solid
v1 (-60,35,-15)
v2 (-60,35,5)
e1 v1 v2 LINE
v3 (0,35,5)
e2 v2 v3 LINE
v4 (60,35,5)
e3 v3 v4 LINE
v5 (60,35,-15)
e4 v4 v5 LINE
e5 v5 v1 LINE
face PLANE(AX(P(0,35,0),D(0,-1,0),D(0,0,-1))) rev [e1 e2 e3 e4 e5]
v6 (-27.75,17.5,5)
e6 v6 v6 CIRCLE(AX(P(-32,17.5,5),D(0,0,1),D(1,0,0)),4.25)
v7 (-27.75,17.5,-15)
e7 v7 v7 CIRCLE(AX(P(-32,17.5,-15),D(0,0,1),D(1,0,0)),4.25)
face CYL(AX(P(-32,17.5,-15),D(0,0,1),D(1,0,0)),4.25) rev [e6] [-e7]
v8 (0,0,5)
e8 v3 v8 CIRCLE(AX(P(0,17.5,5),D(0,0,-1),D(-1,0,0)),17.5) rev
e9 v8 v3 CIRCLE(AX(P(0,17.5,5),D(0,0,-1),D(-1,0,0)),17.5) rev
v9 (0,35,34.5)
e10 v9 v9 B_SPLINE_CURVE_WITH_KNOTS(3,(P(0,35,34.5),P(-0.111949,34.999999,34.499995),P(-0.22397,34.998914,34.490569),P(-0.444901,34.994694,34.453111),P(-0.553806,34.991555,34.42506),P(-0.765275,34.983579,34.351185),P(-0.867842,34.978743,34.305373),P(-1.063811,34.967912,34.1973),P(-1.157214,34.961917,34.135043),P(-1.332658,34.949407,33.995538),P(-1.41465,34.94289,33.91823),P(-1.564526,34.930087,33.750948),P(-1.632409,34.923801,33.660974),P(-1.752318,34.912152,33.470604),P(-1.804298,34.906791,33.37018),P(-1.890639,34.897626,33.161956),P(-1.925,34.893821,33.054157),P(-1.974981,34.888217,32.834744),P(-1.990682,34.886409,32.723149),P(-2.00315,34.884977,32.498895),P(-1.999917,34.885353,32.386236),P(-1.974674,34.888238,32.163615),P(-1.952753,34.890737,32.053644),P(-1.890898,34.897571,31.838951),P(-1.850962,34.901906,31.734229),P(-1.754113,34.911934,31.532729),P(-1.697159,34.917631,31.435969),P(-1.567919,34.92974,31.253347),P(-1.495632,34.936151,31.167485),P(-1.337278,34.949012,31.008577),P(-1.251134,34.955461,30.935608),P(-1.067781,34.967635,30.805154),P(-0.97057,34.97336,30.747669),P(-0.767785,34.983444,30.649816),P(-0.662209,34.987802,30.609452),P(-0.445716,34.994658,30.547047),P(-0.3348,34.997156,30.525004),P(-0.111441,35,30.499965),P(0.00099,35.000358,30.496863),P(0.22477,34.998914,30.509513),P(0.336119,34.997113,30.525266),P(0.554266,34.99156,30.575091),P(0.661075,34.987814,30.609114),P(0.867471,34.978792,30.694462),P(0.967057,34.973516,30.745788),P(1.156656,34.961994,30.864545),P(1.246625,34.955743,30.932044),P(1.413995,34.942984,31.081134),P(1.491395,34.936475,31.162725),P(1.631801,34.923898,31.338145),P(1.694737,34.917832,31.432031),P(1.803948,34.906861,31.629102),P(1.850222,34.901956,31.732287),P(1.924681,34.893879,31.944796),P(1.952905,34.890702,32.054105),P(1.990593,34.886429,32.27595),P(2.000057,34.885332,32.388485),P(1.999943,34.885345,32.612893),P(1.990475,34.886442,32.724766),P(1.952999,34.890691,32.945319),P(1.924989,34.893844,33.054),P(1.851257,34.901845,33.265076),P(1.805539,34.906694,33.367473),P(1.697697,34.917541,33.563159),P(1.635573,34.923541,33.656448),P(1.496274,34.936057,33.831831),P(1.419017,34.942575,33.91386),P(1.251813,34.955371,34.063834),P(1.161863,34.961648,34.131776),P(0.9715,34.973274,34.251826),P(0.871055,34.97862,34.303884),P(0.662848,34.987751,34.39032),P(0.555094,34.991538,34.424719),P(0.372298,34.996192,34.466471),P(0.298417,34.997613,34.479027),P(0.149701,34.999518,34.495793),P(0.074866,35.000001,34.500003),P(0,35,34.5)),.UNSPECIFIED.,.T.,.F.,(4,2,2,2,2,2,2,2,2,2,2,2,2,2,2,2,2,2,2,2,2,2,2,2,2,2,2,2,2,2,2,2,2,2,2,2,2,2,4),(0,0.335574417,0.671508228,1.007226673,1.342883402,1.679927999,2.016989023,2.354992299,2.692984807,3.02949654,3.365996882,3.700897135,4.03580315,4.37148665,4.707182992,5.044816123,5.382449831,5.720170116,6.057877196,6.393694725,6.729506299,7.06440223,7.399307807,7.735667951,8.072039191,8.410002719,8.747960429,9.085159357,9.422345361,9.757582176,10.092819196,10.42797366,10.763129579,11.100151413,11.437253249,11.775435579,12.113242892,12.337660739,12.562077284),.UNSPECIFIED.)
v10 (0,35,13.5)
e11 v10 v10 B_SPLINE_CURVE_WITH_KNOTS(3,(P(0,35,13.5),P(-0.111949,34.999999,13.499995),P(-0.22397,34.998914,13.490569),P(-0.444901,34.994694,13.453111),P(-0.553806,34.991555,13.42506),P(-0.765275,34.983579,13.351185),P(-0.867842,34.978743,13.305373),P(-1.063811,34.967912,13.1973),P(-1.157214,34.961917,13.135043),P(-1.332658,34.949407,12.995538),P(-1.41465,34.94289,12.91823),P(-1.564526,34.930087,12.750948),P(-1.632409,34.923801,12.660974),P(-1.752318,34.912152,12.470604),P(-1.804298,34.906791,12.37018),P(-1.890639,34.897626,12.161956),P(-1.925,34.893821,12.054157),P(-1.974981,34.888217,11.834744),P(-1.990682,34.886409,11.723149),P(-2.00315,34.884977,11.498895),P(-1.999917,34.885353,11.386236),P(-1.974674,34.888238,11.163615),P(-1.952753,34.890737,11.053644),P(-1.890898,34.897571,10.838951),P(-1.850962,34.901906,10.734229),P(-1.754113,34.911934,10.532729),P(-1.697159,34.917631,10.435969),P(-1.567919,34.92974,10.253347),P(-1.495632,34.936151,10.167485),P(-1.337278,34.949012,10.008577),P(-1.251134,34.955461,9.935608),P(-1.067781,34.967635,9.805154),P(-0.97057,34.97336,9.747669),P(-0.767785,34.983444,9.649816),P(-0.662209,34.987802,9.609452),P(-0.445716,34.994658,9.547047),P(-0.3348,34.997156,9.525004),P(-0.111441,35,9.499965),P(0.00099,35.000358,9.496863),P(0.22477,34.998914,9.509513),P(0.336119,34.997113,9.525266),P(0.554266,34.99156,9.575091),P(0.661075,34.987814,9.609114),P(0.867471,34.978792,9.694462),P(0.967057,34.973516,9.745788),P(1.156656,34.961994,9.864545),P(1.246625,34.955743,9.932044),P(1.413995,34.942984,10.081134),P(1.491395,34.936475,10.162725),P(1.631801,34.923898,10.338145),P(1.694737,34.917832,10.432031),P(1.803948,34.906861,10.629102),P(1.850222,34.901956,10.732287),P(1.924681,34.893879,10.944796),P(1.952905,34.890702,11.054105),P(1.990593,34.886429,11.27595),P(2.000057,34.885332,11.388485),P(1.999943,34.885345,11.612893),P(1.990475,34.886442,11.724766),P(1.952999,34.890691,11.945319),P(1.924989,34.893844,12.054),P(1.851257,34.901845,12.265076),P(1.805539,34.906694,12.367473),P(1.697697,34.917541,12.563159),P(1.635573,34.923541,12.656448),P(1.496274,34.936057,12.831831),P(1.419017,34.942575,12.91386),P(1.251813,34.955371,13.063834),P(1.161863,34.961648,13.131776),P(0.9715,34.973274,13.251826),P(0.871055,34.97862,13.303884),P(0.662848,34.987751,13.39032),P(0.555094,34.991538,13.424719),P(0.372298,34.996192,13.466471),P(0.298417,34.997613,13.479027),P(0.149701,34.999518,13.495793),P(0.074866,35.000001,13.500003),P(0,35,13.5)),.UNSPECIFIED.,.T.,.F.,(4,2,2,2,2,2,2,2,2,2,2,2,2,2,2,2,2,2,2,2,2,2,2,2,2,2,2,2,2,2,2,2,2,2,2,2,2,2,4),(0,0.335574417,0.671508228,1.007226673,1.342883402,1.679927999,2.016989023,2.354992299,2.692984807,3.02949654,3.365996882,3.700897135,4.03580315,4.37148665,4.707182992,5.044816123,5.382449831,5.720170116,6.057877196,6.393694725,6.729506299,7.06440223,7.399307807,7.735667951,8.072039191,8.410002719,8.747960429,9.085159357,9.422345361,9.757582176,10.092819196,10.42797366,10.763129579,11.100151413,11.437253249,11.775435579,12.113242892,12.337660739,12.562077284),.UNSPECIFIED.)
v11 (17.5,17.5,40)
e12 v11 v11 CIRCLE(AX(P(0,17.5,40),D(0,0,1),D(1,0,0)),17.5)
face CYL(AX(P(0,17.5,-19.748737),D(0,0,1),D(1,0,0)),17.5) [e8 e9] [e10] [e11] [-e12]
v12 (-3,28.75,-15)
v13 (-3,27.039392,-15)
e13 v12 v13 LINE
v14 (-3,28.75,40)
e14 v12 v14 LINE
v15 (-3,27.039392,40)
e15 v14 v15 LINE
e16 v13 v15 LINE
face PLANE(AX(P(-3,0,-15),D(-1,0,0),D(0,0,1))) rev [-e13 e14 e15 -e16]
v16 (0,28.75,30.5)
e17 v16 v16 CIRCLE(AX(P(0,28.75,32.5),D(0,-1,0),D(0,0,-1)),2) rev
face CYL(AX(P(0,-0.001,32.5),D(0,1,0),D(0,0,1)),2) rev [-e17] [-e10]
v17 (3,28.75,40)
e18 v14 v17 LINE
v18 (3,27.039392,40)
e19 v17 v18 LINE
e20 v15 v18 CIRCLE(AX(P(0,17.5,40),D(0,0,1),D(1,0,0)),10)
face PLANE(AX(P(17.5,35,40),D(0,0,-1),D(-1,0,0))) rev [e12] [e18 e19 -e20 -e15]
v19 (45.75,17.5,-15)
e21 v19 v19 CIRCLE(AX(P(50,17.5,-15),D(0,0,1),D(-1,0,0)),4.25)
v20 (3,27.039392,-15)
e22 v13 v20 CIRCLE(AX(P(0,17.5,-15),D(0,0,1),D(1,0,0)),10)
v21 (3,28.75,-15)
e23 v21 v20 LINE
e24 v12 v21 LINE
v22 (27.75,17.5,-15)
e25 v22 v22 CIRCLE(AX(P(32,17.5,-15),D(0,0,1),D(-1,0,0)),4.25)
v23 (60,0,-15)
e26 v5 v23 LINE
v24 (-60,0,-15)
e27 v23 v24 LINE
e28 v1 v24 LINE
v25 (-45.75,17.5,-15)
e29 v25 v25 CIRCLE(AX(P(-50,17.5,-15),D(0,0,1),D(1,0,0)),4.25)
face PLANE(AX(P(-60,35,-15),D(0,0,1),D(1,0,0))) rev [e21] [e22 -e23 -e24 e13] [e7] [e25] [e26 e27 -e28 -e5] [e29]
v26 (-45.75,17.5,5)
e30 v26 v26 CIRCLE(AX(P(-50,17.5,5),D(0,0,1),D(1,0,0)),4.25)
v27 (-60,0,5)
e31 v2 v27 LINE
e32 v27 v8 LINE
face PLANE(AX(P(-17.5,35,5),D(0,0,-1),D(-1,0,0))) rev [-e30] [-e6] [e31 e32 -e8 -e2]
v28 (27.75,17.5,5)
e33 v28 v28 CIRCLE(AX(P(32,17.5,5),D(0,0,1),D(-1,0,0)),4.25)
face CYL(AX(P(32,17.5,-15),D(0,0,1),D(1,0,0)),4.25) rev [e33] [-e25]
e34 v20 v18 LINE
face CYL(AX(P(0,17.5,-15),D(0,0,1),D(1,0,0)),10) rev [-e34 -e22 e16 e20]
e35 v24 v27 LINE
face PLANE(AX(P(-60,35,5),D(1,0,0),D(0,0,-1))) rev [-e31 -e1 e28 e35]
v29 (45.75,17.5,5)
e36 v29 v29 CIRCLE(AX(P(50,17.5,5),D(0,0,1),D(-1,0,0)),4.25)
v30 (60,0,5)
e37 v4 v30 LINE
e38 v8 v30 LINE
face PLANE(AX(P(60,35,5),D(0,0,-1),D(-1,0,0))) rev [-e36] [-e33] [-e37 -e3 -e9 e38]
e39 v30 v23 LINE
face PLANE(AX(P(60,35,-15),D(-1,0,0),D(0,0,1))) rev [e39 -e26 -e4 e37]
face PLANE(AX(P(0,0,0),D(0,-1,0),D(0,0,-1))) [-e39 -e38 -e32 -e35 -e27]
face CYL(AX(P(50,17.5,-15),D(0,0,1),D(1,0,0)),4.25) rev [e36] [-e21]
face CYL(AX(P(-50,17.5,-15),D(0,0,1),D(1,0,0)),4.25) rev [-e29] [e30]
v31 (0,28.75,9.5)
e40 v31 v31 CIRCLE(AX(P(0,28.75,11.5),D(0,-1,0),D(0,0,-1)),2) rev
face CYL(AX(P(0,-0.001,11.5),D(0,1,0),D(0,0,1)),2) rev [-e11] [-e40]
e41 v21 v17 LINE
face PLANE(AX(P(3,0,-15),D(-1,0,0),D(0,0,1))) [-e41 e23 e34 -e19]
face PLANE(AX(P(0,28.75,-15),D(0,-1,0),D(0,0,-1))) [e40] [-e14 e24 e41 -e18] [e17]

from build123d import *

# Parameters (mm, degrees)
BOSS_EXTRUDE1_DEPTH = 35
CUT_EXTRUDE1_DEPTH  = 89.600225733
SKETCH3_R           = 4.25
CUT_EXTRUDE2_DEPTH  = 78.781745931
CUT_EXTRUDE6_DEPTH  = 35
CUT_EXTRUDE7_REACH  = 82.156
SKETCH5_R           = 2


with BuildPart() as part:
    # Sketch1 → Boss-Extrude1 (new body)
    with BuildSketch(Plane(origin=(0, 0, 0), x_dir=(1, 0, 0), z_dir=(0, 1, 0))):
        Polygon((-60, 15), (60, 15), (60, -5), (17.5, -5), (17.5, -40), (-17.5, -40), (-17.5, -5), (-60, -5), align=None)
    extrude(amount=BOSS_EXTRUDE1_DEPTH)

    # Sketch2 → Cut-Extrude1 (cut, through all)
    with BuildSketch(Plane.XY.offset(40)):
        with BuildLine():
            Line((3, 28.75), (-3, 28.75))
            Line((-3, 28.75), (-3, 27.039392014))
            ThreePointArc((-3, 27.039392014), (0, 27.5), (3, 27.039392014))
            Line((3, 27.039392014), (3, 28.75))
        make_face()
        with BuildLine():
            ThreePointArc((3, 27.039392014), (0, 27.5), (-3, 27.039392014))
            Line((-3, 27.039392014), (3, 27.039392014))
        make_face()
        with BuildLine():
            Line((3, 27.039392014), (-3, 27.039392014))
            ThreePointArc((-3, 27.039392014), (-5.916079783, 9.437742252), (10, 17.5))
            ThreePointArc((10, 17.5), (8.062257748, 23.416079783), (3, 27.039392014))
        make_face()
    extrude(amount=-CUT_EXTRUDE1_DEPTH, mode=Mode.SUBTRACT)

    # Sketch3 → Cut-Extrude2 (cut, through all)
    with BuildSketch(Plane.XY.offset(5)):
        with Locations((-50, 17.5)):
            Circle(SKETCH3_R)
        with Locations((-32, 17.5)):
            Circle(SKETCH3_R)
        with Locations(Location((32, 17.5, 0), (0, 0, 180))):
            Circle(SKETCH3_R)
        with Locations(Location((50, 17.5, 0), (0, 0, 180))):
            Circle(SKETCH3_R)
    extrude(amount=-CUT_EXTRUDE2_DEPTH, mode=Mode.SUBTRACT)

    # Sketch4 → Cut-Extrude6 (cut)
    with BuildSketch(Plane.XY.offset(40)):
        with BuildLine():
            Line((0, 35), (-17.5, 35))
            Line((-17.5, 35), (-17.5, 17.5))
            ThreePointArc((-17.5, 17.5), (-12.374368671, 29.874368671), (0, 35))
        make_face()
        with BuildLine():
            Line((17.5, 35), (0, 35))
            ThreePointArc((0, 35), (12.374368671, 29.874368671), (17.5, 17.5))
            Line((17.5, 17.5), (17.5, 35))
        make_face()
        with BuildLine():
            Line((17.5, 0), (17.5, 17.5))
            ThreePointArc((17.5, 17.5), (12.374368681, 5.12563134), (3e-08, 0))
            Line((3e-08, 0), (17.5, 0))
        make_face()
        with BuildLine():
            ThreePointArc((3e-08, 0), (-12.37436866, 5.125631319), (-17.5, 17.5))
            Line((-17.5, 17.5), (-17.5, 0))
            Line((-17.5, 0), (3e-08, 0))
        make_face()
    extrude(amount=-CUT_EXTRUDE6_DEPTH, mode=Mode.SUBTRACT)

    # Sketch5 → Cut-Extrude7 (cut, up to next)
    with BuildSketch(Plane(origin=(0, 35, 0), x_dir=(1, 0, 0), z_dir=(0, 1, 0)), mode=Mode.PRIVATE) as cut_extrude7_sk1:
        with Locations(Location((0, -32.5, 0), (0, 0, 270))):
            Circle(SKETCH5_R)
    cut_extrude7_tool1 = extrude(cut_extrude7_sk1.sketch, amount=-CUT_EXTRUDE7_REACH, mode=Mode.PRIVATE) & part.part
    # Sketch5 → Cut-Extrude7 (cut, up to next)
    with BuildSketch(Plane(origin=(0, 35, 0), x_dir=(1, 0, 0), z_dir=(0, 1, 0)), mode=Mode.PRIVATE) as cut_extrude7_sk2:
        with Locations(Location((0, -11.5, 0), (0, 0, 270))):
            Circle(SKETCH5_R)
    cut_extrude7_tool2 = extrude(cut_extrude7_sk2.sketch, amount=-CUT_EXTRUDE7_REACH, mode=Mode.PRIVATE) & part.part
    add(cut_extrude7_tool1.solids().sort_by_distance((0, 35, 32.5))[0], mode=Mode.SUBTRACT)
    add(cut_extrude7_tool2.solids().sort_by_distance((0, 35, 11.5))[0], mode=Mode.SUBTRACT)


solid = part.part
